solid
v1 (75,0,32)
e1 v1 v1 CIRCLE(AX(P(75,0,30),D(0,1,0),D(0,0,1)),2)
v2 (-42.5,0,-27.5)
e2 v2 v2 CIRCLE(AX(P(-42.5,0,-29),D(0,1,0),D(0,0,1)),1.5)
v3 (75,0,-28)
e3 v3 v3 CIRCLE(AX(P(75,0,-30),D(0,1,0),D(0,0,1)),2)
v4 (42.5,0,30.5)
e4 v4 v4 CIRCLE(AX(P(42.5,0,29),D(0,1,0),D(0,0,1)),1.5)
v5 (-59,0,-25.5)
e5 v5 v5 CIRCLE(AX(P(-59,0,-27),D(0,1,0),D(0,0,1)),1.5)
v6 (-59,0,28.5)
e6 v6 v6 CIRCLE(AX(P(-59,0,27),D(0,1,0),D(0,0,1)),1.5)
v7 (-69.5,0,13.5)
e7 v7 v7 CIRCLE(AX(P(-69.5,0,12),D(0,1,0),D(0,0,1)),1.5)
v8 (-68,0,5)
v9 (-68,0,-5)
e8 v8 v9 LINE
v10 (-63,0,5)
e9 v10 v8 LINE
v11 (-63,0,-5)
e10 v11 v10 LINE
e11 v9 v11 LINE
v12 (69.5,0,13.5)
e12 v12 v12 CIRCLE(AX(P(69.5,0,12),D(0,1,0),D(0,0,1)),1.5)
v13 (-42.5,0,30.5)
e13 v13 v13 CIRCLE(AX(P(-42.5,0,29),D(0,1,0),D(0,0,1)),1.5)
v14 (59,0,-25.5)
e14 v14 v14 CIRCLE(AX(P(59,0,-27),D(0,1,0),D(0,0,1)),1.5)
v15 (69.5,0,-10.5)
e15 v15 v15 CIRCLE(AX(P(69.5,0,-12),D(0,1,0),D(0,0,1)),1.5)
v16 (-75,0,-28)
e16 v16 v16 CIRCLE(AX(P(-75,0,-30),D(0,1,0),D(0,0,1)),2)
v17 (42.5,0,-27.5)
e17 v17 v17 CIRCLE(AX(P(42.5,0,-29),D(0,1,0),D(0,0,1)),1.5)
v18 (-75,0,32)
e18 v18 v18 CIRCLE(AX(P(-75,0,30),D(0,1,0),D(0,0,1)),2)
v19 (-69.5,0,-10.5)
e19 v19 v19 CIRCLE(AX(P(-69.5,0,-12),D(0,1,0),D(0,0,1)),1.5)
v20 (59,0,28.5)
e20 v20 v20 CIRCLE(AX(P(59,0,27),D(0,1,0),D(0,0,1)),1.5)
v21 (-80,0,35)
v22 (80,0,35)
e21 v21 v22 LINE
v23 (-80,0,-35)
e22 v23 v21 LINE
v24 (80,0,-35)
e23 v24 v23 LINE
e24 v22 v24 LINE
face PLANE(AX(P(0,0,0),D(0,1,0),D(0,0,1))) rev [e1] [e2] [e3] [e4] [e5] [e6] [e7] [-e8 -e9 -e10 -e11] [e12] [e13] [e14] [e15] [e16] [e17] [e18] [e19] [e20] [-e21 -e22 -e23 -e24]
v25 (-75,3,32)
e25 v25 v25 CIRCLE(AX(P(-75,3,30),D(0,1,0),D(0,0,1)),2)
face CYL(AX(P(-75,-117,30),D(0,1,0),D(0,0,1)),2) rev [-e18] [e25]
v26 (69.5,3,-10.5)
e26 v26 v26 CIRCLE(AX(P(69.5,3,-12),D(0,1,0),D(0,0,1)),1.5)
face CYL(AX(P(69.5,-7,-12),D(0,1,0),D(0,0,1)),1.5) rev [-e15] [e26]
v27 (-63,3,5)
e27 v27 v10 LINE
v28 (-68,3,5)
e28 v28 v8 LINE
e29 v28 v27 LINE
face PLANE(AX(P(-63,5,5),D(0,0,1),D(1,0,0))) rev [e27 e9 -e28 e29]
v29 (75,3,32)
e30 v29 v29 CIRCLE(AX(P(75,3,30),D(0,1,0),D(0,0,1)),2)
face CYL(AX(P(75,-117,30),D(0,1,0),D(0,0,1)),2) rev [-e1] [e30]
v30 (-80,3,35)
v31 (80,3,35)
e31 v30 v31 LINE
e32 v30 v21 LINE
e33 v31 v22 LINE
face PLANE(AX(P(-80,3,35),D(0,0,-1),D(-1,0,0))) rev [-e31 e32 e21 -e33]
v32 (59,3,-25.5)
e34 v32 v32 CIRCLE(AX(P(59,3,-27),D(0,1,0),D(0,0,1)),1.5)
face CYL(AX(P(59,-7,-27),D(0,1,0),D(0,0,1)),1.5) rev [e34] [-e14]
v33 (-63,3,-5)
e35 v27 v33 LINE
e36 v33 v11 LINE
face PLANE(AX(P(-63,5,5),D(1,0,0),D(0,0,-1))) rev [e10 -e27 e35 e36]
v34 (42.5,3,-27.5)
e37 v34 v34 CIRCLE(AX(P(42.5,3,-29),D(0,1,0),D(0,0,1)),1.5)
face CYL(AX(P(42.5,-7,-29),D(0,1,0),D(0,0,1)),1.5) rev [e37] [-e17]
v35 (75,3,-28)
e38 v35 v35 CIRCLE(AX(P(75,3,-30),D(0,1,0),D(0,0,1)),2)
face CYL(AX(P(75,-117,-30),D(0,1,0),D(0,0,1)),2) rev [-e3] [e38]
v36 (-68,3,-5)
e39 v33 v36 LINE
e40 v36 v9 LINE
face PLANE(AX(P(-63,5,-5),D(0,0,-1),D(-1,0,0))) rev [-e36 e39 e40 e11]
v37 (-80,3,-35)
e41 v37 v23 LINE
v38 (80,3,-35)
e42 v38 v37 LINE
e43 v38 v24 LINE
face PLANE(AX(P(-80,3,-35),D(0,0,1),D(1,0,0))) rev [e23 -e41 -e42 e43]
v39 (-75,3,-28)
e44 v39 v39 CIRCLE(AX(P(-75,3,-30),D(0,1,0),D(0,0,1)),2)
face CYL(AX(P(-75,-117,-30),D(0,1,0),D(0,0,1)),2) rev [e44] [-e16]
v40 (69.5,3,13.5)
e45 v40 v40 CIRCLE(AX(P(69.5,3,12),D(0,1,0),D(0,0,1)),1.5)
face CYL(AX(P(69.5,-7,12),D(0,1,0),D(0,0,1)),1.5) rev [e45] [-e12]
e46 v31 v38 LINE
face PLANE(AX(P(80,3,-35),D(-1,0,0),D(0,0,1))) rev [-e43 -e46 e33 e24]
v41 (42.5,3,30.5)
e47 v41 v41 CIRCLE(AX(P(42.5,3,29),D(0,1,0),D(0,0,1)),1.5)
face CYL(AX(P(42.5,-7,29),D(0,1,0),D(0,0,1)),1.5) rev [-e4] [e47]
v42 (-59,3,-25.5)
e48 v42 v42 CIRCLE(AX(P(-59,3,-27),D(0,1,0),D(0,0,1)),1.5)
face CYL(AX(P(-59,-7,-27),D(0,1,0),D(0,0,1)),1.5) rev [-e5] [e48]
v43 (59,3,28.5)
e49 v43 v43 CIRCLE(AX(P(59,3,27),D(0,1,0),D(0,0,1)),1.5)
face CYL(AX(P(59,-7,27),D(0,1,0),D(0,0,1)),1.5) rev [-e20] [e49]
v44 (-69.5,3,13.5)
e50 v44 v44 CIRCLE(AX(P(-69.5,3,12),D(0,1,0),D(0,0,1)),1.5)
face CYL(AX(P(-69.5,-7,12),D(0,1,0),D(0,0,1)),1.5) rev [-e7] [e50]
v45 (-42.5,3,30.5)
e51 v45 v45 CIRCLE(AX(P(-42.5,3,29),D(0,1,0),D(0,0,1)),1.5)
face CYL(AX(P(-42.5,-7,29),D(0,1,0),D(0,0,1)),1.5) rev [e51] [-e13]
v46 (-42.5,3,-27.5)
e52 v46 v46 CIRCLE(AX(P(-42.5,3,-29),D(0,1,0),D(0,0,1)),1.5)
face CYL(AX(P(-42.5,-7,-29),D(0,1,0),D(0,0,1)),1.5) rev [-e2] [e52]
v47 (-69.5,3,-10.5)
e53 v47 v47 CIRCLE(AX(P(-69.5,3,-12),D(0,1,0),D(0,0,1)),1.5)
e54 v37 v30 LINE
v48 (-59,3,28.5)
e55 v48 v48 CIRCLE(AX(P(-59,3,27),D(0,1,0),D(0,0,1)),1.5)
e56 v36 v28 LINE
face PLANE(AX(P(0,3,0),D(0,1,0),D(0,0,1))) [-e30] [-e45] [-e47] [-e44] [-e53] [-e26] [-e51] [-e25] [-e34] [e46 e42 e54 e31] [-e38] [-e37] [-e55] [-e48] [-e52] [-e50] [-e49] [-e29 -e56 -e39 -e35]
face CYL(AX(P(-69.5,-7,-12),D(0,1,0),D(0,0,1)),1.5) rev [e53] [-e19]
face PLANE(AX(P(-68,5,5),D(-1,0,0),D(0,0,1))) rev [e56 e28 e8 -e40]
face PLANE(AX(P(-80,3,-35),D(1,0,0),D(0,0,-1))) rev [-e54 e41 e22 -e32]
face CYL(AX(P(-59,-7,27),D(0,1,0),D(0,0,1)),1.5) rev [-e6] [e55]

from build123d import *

# Parameters (mm, degrees)
SKETCH1_W      = 160
SKETCH1_H      = 70
EXTRUDE1_DEPTH = 3
SKETCH2_R      = 2
EXTRUDE2_DEPTH = 120
SKETCH3_R      = 1.5
EXTRUDE3_DEPTH = 10
SKETCH4_R      = 1.5
EXTRUDE4_DEPTH = 10
SKETCH5_R      = 1.5
EXTRUDE5_DEPTH = 10
SKETCH6_W      = 5
SKETCH6_H      = 10
EXTRUDE6_DEPTH = 5


with BuildPart() as part:
    # Sketch1 → Extrude1 (new body)
    with BuildSketch(Plane(origin=(0, 0, 0), x_dir=(1, 0, 0), z_dir=(0, 1, 0))):
        Rectangle(SKETCH1_W, SKETCH1_H)
    extrude(amount=EXTRUDE1_DEPTH)

    # Sketch2 → Extrude2 (cut)
    with BuildSketch(Plane(origin=(0, 3, 0), x_dir=(1, 0, 0), z_dir=(0, 1, 0))):
        with Locations(Location((-75, 30, 0), (0, 0, 270))):
            Circle(SKETCH2_R)
        with Locations(Location((-75, -30, 0), (0, 0, 270))):
            Circle(SKETCH2_R)
        with Locations(Location((75, -30, 0), (0, 0, 270))):
            Circle(SKETCH2_R)
        with Locations(Location((75, 30, 0), (0, 0, 270))):
            Circle(SKETCH2_R)
    extrude(amount=-EXTRUDE2_DEPTH, mode=Mode.SUBTRACT)

    # Sketch3 → Extrude3 (cut)
    with BuildSketch(Plane(origin=(0, 3, 0), x_dir=(1, 0, 0), z_dir=(0, 1, 0))):
        with Locations(Location((-59, 27, 0), (0, 0, 270))):
            Circle(SKETCH3_R)
        with Locations(Location((-59, -27, 0), (0, 0, 270))):
            Circle(SKETCH3_R)
        with Locations(Location((59, -27, 0), (0, 0, 270))):
            Circle(SKETCH3_R)
        with Locations(Location((59, 27, 0), (0, 0, 270))):
            Circle(SKETCH3_R)
    extrude(amount=-EXTRUDE3_DEPTH, mode=Mode.SUBTRACT)

    # Sketch4 → Extrude4 (cut)
    with BuildSketch(Plane(origin=(0, 3, 0), x_dir=(1, 0, 0), z_dir=(0, 1, 0))):
        with Locations(Location((-69.5, 12, 0), (0, 0, 270))):
            Circle(SKETCH4_R)
        with Locations(Location((-69.5, -12, 0), (0, 0, 270))):
            Circle(SKETCH4_R)
        with Locations(Location((69.5, -12, 0), (0, 0, 270))):
            Circle(SKETCH4_R)
        with Locations(Location((69.5, 12, 0), (0, 0, 270))):
            Circle(SKETCH4_R)
    extrude(amount=-EXTRUDE4_DEPTH, mode=Mode.SUBTRACT)

    # Sketch5 → Extrude5 (cut)
    with BuildSketch(Plane(origin=(0, 3, 0), x_dir=(1, 0, 0), z_dir=(0, 1, 0))):
        with Locations(Location((-42.5, 29, 0), (0, 0, 270))):
            Circle(SKETCH5_R)
        with Locations(Location((-42.5, -29, 0), (0, 0, 270))):
            Circle(SKETCH5_R)
        with Locations(Location((42.5, -29, 0), (0, 0, 270))):
            Circle(SKETCH5_R)
        with Locations(Location((42.5, 29, 0), (0, 0, 270))):
            Circle(SKETCH5_R)
    extrude(amount=-EXTRUDE5_DEPTH, mode=Mode.SUBTRACT)

    # Sketch6 → Extrude6 (cut)
    with BuildSketch(Plane.XZ):
        with Locations((-65.5, 0)):
            Rectangle(SKETCH6_W, SKETCH6_H)
    extrude(amount=-EXTRUDE6_DEPTH, mode=Mode.SUBTRACT)


solid = part.part
